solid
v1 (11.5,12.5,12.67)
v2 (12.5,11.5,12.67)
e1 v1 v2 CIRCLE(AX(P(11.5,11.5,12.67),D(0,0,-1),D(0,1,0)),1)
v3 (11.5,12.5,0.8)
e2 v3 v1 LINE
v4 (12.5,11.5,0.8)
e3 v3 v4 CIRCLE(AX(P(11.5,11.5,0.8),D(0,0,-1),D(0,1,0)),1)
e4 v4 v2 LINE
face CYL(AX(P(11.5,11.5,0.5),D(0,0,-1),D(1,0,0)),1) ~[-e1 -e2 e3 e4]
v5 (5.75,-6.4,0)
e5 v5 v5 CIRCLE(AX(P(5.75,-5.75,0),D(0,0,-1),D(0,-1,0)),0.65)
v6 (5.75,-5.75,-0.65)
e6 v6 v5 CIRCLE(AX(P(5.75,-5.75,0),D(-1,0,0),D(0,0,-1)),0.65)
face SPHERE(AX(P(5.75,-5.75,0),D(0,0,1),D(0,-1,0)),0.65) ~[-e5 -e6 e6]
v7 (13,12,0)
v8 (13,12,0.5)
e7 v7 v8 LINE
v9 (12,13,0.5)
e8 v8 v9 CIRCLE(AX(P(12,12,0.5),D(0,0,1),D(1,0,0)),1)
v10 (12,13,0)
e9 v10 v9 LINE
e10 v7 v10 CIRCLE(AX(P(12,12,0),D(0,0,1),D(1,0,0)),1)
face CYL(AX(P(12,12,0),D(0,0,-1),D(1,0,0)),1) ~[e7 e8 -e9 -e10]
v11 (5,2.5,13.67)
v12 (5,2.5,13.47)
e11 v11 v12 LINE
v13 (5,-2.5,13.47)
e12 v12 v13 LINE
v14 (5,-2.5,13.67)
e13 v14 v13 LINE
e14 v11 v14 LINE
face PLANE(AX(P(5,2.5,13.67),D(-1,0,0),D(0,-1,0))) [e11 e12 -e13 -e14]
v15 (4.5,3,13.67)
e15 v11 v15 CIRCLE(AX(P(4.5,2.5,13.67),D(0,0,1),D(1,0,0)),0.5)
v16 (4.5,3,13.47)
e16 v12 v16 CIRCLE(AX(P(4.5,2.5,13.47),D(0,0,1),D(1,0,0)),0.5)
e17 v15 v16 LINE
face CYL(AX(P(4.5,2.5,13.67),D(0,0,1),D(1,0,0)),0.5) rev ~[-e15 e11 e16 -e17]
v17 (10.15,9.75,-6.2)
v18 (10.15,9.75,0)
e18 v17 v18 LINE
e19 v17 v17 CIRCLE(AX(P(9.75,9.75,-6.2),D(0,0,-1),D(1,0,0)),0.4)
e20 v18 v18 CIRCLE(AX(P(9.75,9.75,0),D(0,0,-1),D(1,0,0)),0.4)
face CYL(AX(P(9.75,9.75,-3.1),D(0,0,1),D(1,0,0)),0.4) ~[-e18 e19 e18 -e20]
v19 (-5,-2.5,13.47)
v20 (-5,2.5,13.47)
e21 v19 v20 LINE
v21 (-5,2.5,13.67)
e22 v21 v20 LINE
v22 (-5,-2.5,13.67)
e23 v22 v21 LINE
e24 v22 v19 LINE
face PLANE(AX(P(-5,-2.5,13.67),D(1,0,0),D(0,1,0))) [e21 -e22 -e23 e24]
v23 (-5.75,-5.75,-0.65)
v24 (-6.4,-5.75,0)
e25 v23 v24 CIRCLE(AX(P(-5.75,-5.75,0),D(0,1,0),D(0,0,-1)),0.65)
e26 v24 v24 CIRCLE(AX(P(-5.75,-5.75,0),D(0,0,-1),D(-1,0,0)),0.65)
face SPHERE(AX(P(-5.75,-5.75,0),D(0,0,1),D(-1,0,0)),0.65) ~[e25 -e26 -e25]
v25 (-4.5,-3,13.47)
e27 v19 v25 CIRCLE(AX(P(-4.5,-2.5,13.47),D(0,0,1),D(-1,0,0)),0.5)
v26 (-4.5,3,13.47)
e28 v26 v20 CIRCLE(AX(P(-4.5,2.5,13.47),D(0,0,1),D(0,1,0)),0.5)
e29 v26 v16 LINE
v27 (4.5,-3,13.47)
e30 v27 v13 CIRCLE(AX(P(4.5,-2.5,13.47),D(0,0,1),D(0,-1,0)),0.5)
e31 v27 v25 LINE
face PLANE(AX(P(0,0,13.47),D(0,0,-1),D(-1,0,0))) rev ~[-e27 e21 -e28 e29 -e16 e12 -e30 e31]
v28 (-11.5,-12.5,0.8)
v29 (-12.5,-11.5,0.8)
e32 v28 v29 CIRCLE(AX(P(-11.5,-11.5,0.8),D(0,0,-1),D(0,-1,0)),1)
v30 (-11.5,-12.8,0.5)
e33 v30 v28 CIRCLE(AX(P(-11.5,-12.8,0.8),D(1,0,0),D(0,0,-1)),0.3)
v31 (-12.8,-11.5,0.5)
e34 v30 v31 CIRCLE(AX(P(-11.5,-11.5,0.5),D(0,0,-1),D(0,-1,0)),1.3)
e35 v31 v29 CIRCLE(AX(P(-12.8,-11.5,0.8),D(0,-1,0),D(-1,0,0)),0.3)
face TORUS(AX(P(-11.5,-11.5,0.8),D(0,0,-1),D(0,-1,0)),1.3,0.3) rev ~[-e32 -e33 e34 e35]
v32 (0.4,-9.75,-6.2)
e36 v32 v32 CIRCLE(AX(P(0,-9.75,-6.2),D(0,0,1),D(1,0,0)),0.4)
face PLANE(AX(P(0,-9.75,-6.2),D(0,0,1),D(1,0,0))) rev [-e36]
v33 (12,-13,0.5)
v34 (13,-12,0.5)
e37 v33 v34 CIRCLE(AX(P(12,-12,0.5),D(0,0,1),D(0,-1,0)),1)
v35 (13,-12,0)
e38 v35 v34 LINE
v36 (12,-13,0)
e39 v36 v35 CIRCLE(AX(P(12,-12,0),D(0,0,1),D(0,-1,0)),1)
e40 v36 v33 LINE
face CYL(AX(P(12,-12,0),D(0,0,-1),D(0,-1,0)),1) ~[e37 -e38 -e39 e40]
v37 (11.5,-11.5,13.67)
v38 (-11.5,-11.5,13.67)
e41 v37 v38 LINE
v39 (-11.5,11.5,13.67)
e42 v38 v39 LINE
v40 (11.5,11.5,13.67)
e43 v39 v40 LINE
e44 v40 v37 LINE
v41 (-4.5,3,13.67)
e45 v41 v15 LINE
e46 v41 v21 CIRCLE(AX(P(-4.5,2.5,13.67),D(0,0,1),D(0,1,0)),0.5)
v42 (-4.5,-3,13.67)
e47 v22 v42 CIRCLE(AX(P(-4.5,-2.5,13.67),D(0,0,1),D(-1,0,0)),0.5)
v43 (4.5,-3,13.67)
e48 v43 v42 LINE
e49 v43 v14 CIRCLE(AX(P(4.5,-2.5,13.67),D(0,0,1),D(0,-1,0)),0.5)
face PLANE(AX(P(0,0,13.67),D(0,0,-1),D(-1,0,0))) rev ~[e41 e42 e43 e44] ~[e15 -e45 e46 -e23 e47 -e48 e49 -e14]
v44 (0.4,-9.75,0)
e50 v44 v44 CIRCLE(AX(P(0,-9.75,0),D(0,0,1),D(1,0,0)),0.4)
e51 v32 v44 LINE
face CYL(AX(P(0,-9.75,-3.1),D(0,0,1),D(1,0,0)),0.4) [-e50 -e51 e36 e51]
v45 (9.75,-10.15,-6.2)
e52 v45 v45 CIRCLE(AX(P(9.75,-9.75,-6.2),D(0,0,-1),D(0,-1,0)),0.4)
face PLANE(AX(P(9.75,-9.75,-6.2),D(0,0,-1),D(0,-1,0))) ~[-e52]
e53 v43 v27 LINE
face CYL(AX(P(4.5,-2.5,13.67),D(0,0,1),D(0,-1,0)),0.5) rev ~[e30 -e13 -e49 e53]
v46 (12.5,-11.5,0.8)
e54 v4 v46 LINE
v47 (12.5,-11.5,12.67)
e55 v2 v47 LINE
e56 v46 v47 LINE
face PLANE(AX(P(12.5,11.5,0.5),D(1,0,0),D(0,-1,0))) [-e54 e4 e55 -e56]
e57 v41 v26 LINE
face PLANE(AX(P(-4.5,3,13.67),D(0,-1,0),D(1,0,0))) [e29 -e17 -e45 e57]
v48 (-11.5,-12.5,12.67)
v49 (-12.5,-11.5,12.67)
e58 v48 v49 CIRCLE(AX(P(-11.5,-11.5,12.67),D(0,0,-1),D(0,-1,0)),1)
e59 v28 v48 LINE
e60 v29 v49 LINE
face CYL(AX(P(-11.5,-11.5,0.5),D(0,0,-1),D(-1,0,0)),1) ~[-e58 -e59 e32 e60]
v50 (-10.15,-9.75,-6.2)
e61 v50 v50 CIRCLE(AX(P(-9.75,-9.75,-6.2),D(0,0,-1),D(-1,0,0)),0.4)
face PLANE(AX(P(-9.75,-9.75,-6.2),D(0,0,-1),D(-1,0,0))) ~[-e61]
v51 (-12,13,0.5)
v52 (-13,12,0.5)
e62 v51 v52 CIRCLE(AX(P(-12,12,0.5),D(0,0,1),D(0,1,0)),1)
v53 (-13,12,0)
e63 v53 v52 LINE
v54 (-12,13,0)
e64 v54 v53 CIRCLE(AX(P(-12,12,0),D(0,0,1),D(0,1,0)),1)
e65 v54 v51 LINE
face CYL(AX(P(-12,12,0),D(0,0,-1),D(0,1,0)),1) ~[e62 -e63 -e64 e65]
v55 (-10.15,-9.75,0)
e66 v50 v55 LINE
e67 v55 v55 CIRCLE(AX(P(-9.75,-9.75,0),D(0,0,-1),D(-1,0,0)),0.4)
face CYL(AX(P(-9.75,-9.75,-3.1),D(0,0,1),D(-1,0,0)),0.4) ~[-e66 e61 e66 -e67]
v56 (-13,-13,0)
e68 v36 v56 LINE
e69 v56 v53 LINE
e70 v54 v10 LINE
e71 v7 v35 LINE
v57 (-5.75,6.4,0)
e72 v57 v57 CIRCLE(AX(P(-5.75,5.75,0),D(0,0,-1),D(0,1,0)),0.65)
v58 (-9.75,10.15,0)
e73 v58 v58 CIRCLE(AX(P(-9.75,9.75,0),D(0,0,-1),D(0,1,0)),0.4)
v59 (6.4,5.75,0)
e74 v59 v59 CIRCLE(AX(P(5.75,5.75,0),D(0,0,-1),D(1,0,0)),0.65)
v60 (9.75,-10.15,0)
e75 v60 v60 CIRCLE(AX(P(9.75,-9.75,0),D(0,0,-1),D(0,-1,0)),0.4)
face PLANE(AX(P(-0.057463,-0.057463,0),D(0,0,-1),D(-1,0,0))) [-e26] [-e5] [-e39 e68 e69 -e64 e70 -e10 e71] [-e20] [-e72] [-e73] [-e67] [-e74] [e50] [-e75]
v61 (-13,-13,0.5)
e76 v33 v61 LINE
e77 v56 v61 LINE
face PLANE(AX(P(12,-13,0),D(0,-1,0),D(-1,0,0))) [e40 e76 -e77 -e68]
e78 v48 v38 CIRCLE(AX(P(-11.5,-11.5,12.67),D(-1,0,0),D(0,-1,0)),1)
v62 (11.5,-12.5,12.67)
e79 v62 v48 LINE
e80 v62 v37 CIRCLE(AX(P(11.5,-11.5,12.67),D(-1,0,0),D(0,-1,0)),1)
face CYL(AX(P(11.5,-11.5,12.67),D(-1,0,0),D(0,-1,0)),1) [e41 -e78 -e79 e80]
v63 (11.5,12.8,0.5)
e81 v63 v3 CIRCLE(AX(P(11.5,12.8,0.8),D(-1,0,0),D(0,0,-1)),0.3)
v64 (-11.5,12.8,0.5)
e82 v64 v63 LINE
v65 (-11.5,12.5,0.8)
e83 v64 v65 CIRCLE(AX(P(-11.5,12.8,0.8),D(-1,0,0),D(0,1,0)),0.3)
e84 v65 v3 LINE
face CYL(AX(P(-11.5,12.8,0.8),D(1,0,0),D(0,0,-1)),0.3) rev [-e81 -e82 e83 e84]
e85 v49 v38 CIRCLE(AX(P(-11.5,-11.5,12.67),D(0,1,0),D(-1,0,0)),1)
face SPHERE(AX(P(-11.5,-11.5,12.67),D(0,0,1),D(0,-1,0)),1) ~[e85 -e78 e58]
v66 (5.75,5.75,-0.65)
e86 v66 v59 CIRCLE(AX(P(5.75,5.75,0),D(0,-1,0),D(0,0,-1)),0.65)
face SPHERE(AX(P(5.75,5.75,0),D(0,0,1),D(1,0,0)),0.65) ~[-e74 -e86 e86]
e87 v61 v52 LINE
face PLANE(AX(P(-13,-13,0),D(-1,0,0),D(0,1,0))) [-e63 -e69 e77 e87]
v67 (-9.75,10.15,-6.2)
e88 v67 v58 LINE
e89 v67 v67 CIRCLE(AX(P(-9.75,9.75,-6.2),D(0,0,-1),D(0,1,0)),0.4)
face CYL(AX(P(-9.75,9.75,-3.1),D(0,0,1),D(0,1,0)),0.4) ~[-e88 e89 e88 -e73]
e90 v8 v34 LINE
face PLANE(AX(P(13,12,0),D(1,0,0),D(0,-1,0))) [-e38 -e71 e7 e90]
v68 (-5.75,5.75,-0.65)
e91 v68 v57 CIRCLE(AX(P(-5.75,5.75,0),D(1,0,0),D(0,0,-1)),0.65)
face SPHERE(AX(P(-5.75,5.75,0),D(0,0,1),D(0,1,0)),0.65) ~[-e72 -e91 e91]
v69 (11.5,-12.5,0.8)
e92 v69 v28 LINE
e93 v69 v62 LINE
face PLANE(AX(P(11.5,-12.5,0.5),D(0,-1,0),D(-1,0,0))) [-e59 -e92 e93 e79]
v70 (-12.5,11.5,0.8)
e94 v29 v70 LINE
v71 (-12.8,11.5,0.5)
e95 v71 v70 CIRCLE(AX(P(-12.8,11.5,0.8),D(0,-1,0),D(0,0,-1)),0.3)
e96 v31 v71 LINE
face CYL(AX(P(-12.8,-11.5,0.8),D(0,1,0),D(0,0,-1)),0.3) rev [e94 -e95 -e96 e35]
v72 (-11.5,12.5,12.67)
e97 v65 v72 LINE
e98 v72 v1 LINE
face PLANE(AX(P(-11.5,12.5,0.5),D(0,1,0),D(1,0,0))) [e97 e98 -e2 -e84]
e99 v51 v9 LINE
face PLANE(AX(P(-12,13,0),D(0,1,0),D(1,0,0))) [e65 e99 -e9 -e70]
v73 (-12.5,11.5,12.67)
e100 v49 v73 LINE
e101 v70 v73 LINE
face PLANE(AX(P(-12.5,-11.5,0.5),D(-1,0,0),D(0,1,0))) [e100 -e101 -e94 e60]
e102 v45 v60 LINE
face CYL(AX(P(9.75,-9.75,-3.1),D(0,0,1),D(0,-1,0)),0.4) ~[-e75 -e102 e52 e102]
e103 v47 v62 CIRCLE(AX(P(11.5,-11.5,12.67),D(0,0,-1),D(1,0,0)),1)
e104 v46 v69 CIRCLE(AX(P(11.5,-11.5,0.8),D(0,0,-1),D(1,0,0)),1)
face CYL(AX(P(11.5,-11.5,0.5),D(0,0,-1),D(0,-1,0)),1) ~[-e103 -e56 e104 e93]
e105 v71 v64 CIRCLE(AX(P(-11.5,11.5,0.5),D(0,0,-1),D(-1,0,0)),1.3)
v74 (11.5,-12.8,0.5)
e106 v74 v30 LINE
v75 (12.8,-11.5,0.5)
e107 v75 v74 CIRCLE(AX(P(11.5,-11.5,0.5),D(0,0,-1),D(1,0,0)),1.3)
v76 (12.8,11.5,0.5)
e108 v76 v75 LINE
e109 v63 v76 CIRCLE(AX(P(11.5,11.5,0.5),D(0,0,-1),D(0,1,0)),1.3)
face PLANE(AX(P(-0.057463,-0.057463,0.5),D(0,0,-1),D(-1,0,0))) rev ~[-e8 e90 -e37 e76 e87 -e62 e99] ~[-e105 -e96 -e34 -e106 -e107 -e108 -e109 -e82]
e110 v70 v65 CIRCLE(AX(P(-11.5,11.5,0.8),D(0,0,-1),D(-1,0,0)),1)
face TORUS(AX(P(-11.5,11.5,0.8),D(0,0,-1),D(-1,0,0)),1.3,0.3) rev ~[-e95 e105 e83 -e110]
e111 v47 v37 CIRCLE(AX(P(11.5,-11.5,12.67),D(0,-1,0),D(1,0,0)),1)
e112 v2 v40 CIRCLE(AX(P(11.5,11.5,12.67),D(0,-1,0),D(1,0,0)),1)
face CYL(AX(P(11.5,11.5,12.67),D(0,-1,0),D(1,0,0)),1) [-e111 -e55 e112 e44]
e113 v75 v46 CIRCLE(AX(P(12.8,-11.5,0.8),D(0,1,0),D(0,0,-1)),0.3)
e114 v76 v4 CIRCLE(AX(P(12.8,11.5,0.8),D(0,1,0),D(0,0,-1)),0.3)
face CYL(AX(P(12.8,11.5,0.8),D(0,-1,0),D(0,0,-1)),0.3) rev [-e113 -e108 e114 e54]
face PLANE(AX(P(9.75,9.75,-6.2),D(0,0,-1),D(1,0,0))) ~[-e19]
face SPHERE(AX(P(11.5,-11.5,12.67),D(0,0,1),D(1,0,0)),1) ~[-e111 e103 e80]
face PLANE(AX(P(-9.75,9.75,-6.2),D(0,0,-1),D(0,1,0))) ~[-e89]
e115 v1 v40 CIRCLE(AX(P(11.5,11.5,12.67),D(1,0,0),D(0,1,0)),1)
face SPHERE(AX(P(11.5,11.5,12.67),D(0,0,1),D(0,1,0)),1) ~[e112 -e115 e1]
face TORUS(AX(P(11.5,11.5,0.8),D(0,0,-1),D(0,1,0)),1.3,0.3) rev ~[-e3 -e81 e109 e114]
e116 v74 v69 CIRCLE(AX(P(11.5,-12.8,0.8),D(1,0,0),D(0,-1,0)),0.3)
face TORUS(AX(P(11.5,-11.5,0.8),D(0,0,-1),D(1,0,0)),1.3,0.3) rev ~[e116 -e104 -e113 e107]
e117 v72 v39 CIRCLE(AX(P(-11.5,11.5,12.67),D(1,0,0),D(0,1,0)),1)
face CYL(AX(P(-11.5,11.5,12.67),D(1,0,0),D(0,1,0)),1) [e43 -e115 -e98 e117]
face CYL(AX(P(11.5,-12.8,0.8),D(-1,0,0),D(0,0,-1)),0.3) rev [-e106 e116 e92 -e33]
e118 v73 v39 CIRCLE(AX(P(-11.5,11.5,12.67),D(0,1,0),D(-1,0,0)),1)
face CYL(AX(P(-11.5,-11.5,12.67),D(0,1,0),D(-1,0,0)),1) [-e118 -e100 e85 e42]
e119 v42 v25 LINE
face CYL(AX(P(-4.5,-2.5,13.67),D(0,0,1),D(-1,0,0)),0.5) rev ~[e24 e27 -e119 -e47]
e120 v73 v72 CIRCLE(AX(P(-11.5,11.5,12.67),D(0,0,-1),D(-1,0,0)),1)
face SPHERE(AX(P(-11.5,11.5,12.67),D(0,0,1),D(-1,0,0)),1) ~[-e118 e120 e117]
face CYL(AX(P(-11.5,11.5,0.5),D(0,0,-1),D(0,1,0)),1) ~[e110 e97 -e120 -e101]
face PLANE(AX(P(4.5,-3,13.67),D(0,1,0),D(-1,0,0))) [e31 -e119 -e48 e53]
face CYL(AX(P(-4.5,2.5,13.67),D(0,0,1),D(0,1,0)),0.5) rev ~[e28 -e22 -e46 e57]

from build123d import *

# Parameters (mm, degrees)
SKETCH005_W    = 0.4
SKETCH005_H    = 6.2
SKETCH003_W    = 0.4
SKETCH003_H    = 6.2
ARRAY001_COUNT = 4
ARRAY_COUNT    = 4
PAD_DEPTH      = 0.5
PAD001_DEPTH   = 13.17
FILLET_R       = 0.3
FILLET001_R    = 1
POCKET_DEPTH   = 0.2


with BuildPart() as revolution002:
    # Sketch005 → Revolution002 (revolve)
    with BuildSketch(Plane.XZ.offset(9.75)):
        with Locations((0.2, -3.1)):
            Rectangle(SKETCH005_W, SKETCH005_H)
    revolve(axis=Axis((0, -9.75, 0), (0, 0, 1)))


with BuildPart() as array001:
    # Sketch003 → Revolution001 (revolve)
    with BuildSketch(Plane.XZ.offset(-9.75)):
        with Locations((9.95, -3.1)):
            Rectangle(SKETCH003_W, SKETCH003_H)
    revolve(axis=Axis((9.75, 9.75, 0), (0, 0, -1)))

    # Array001: Array001 ×4 about axis
    array001_axis = Axis((0, 0, 0), (0, 0, 1))


with BuildPart() as array001_1:
    add(array001.part)
    for i in range(1, ARRAY001_COUNT):
        add(array001.part.rotate(array001_axis, i * 360 / ARRAY001_COUNT))


with BuildPart() as array:
    # Sketch002 → Revolution (revolve)
    with BuildSketch(Plane.XZ.offset(-5.75)):
        with BuildLine():
            Line((5.75, -0.65), (5.75, 0))
            Line((5.75, 0), (6.4, 0))
            ThreePointArc((5.75, -0.65), (6.2096194078, -0.4596194078), (6.4, 0))
        make_face()
    revolve(axis=Axis((5.75, 5.75, 0), (0, 0, -1)))

    # Array: Array ×4 about axis
    array_axis = Axis((0, 0, 0), (0, 0, 1))


with BuildPart() as array_1:
    add(array.part)
    for i in range(1, ARRAY_COUNT):
        add(array.part.rotate(array_axis, i * 360 / ARRAY_COUNT))


with BuildPart() as fusion002:
    # Sketch → Pad (new body)
    with BuildSketch(Plane.XY):
        with BuildLine():
            Line((-12, 13), (12, 13))
            ThreePointArc((13, 12), (12.7071067812, 12.7071067812), (12, 13))
            Line((13, 12), (13, -12))
            ThreePointArc((12, -13), (12.7071067812, -12.7071067812), (13, -12))
            Line((12, -13), (-13, -13))
            Line((-13, -13), (-13, 12))
            ThreePointArc((-12, 13), (-12.7071067812, 12.7071067812), (-13, 12))
        make_face()
    extrude(amount=PAD_DEPTH)

    # Sketch001 → Pad001 (new body)
    with BuildSketch(Plane.XY.offset(0.5)):
        with BuildLine():
            Line((-11.5, 12.5), (11.5, 12.5))
            ThreePointArc((12.5, 11.5), (12.2071067812, 12.2071067812), (11.5, 12.5))
            Line((12.5, 11.5), (12.5, -11.5))
            ThreePointArc((11.5, -12.5), (12.2071067812, -12.2071067812), (12.5, -11.5))
            Line((11.5, -12.5), (-11.5, -12.5))
            ThreePointArc((-12.5, -11.5), (-12.2071067812, -12.2071067812), (-11.5, -12.5))
            Line((-12.5, -11.5), (-12.5, 11.5))
            ThreePointArc((-11.5, 12.5), (-12.2071067812, 12.2071067812), (-12.5, 11.5))
        make_face()
    extrude(amount=PAD001_DEPTH)

    # Fillet
    fillet_edges = [fusion002.edges().sort_by_distance(p)[0] for p in [
        (12.5, 0, 0.5),
        (12.207107, -12.207107, 0.5),
        (0, -12.5, 0.5),
        (12.207107, 12.207107, 0.5),
        (-12.207107, -12.207107, 0.5),
        (0, 12.5, 0.5),
        (-12.207107, 12.207107, 0.5),
        (-12.5, 0, 0.5),
    ]]
    fillet(fillet_edges, radius=FILLET_R)

    # Fillet001
    fillet001_edges = [fusion002.edges().sort_by_distance(p)[0] for p in [
        (-12.5, 0, 13.67),
        (-12.207107, 12.207107, 13.67),
        (0, 12.5, 13.67),
        (12.207107, 12.207107, 13.67),
        (12.5, 0, 13.67),
        (12.207107, -12.207107, 13.67),
        (0, -12.5, 13.67),
        (-12.207107, -12.207107, 13.67),
    ]]
    fillet(fillet001_edges, radius=FILLET001_R)

    # Fusion: union Array
    add(array_1.part)

    # Fusion001: union Array001
    add(array001_1.part)

    # Sketch004 → Pocket (cut)
    with BuildSketch(Plane.XY.offset(13.67)):
        with BuildLine():
            Line((-4.5, 3), (4.5, 3))
            ThreePointArc((5, 2.5), (4.8535533906, 2.8535533906), (4.5, 3))
            Line((5, 2.5), (5, -2.5))
            ThreePointArc((4.5, -3), (4.8535533906, -2.8535533906), (5, -2.5))
            Line((4.5, -3), (-4.5, -3))
            ThreePointArc((-5, -2.5), (-4.8535533906, -2.8535533906), (-4.5, -3))
            Line((-5, -2.5), (-5, 2.5))
            ThreePointArc((-4.5, 3), (-4.8535533906, 2.8535533906), (-5, 2.5))
        make_face()
    extrude(amount=-POCKET_DEPTH, mode=Mode.SUBTRACT)

    # Fusion002: union Revolution002
    add(revolution002.part)


solid = fusion002.part
